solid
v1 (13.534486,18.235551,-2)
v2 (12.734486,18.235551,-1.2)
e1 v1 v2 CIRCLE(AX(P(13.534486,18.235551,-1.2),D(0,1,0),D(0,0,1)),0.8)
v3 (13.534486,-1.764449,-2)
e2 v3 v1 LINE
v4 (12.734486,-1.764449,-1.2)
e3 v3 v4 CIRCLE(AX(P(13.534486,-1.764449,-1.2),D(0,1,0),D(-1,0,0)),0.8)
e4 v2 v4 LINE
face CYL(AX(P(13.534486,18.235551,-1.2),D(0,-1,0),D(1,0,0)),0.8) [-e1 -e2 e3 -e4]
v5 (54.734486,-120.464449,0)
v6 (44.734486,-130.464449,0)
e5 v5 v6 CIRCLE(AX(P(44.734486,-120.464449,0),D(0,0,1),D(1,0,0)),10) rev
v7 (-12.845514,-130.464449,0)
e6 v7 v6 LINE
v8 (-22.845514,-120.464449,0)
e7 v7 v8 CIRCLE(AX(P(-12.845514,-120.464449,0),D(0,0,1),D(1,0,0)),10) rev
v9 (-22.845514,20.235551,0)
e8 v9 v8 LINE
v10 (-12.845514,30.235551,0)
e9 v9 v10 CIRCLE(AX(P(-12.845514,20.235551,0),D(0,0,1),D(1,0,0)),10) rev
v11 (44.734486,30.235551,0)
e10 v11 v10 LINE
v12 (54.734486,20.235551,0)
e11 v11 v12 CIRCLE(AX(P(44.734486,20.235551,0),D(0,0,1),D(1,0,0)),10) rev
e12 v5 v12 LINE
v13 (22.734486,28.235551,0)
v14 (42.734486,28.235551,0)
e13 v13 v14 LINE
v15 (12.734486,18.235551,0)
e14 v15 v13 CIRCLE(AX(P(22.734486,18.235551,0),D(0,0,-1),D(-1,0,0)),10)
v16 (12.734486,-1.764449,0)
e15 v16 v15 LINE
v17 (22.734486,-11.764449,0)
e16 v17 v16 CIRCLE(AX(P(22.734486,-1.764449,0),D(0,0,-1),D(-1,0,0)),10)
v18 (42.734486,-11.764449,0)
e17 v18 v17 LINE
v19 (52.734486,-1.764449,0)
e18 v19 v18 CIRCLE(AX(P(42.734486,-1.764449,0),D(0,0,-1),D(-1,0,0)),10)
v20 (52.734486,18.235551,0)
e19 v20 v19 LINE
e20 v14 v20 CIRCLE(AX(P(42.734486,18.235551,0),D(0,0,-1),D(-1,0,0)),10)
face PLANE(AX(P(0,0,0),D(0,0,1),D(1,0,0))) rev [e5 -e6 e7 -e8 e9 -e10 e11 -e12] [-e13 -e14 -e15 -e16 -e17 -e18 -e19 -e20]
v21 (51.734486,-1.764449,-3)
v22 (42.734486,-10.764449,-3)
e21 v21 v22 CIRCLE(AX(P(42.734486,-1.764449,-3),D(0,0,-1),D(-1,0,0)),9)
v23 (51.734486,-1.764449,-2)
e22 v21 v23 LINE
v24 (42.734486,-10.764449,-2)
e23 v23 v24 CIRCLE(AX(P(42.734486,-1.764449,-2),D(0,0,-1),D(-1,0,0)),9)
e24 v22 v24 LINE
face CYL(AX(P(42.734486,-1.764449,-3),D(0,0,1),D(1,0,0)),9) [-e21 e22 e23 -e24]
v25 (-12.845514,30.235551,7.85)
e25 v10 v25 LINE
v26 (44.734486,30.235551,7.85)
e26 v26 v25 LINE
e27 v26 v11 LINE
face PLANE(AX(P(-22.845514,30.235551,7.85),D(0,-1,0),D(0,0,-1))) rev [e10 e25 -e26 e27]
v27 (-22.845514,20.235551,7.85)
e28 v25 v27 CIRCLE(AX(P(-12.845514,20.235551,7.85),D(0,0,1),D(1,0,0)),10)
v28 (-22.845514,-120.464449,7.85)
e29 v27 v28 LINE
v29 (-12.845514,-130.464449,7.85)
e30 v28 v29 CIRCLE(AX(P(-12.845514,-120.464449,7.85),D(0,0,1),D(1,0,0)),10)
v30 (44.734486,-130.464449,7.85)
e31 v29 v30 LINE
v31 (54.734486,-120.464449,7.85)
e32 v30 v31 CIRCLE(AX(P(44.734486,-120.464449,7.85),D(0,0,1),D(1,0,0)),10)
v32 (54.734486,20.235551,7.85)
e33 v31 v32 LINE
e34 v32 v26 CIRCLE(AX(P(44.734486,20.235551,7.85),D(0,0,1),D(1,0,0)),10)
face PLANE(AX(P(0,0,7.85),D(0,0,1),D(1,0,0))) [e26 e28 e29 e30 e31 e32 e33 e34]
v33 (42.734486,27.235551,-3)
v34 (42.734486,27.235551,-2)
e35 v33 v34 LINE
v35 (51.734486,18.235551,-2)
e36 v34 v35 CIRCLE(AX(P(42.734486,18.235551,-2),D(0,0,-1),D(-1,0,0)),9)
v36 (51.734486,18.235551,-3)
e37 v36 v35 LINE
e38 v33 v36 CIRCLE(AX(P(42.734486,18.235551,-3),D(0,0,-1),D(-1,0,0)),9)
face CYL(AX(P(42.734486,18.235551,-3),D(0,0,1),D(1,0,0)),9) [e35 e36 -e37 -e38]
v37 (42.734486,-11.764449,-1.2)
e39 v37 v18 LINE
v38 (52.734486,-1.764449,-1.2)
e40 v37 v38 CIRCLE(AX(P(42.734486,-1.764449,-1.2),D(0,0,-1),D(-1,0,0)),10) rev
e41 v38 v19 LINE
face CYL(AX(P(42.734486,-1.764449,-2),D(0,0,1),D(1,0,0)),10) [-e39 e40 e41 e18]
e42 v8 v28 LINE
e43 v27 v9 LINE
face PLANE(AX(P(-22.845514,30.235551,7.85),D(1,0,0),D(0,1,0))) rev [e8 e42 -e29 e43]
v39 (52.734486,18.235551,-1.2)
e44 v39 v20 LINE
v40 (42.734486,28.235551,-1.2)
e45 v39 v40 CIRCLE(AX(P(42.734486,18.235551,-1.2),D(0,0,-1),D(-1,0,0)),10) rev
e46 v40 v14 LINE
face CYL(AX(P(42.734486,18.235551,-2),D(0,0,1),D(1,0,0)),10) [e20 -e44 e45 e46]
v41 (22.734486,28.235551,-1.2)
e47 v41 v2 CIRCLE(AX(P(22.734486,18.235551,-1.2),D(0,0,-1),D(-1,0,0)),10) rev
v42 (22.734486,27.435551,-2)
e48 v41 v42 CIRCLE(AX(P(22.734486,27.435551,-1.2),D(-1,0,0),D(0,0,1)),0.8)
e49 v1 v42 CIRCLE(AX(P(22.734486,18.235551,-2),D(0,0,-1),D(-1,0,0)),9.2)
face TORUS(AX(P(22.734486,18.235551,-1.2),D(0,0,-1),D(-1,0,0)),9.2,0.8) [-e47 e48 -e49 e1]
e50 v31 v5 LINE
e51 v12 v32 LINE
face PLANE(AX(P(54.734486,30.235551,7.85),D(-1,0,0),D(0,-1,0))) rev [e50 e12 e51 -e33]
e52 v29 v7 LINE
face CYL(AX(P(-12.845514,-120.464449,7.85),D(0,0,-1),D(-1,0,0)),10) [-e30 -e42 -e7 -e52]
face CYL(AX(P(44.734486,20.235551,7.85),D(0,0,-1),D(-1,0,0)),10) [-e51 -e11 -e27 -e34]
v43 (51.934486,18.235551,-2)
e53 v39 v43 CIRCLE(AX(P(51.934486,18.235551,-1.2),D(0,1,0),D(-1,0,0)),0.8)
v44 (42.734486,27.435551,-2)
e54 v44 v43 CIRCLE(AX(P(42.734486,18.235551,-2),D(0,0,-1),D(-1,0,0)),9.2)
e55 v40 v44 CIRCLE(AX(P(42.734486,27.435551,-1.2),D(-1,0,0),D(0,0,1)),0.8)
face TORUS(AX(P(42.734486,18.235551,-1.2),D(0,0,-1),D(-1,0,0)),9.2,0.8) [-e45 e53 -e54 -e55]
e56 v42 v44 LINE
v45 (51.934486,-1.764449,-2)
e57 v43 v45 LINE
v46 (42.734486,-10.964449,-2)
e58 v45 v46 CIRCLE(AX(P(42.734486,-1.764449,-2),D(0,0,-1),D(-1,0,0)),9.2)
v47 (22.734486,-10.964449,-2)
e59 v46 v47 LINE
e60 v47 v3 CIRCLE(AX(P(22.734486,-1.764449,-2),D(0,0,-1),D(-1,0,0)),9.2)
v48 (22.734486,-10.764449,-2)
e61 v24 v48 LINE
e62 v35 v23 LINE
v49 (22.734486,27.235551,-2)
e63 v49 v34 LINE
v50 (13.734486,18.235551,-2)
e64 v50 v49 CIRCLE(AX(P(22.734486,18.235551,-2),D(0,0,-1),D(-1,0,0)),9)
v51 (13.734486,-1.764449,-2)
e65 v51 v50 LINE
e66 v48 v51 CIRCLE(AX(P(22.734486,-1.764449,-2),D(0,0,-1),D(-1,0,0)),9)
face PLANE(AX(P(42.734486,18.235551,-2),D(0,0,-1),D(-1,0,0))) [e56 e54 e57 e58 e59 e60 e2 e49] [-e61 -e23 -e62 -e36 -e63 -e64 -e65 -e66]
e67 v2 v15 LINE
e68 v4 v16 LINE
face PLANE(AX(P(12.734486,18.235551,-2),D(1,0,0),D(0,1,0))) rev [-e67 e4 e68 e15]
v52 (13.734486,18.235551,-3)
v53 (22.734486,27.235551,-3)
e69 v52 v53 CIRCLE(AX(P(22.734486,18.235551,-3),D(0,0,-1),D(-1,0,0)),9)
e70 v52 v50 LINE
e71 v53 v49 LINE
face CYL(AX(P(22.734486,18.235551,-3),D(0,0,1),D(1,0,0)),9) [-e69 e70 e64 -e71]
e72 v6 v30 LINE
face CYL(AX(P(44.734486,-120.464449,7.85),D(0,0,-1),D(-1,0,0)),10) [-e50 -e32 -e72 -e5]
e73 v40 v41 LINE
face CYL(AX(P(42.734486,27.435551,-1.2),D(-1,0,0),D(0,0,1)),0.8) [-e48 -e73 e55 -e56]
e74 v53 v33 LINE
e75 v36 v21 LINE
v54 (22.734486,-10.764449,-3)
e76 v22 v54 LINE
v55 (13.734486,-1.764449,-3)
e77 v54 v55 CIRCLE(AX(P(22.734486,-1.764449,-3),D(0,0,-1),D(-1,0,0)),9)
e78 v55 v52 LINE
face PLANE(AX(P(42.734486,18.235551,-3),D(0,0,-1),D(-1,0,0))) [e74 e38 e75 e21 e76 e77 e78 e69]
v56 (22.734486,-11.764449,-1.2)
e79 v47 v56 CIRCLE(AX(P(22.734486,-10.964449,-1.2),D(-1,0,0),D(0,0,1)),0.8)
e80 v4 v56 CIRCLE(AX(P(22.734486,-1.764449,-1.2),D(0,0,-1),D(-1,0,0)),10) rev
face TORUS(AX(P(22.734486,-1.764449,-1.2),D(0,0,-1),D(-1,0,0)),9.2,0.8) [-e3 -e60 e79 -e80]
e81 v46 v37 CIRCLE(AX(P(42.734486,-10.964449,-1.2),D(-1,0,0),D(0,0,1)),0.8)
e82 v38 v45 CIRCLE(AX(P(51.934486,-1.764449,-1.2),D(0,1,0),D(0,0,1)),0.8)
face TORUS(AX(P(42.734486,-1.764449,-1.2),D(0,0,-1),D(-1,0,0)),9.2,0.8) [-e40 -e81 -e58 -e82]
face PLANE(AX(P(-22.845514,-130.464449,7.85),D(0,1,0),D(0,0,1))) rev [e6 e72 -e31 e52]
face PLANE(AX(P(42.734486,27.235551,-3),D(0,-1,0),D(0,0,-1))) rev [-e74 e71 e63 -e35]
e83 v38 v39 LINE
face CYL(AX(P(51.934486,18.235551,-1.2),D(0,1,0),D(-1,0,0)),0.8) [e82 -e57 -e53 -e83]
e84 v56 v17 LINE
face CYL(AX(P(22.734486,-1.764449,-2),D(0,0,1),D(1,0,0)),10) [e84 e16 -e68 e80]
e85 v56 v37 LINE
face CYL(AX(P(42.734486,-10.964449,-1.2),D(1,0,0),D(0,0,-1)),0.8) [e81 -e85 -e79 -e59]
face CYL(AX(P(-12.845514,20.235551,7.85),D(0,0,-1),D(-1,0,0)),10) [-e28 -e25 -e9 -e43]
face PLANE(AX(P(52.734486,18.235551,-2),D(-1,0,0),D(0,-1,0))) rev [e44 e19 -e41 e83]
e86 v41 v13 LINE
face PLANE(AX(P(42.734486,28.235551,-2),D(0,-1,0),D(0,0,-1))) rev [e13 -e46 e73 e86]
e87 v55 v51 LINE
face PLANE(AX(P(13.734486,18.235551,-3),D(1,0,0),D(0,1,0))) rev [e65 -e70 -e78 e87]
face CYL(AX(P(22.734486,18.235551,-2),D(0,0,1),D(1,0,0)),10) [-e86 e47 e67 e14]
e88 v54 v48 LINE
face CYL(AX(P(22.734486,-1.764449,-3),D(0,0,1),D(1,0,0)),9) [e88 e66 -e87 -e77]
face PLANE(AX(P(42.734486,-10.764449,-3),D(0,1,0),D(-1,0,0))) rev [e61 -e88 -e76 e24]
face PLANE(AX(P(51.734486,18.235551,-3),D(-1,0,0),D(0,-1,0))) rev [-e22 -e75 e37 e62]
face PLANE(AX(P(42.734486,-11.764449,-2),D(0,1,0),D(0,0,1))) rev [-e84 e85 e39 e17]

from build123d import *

# Parameters (mm, degrees)
IZIM1_W                     = 77.58
IZIM1_H                     = 160.7
Y_KSEKLIK_EKSTR_ZYON1_DEPTH = 7.85
RADYUS1_R                   = 10
Y_KSEKLIK_EKSTR_ZYON2_DEPTH = 2
Y_KSEKLIK_EKSTR_ZYON3_DEPTH = 1
RADYUS3_R                   = 0.8


with BuildPart() as part:
    # Çizim1 → Yükseklik-Ekstrüzyon1 (new body)
    with BuildSketch(Plane.XY):
        with Locations((15.94448574, -50.114448669)):
            Rectangle(IZIM1_W, IZIM1_H)
    extrude(amount=Y_KSEKLIK_EKSTR_ZYON1_DEPTH)

    # Radyus1
    radyus1_edges = [part.edges().sort_by_distance(p)[0] for p in [
        (-22.84551426, 30.235551331, 3.925),
        (54.73448574, 30.235551331, 3.925),
        (54.73448574, -130.464448669, 3.925),
        (-22.84551426, -130.464448669, 3.925),
    ]]
    fillet(radyus1_edges, radius=RADYUS1_R)

    # Çizim3 → Yükseklik-Ekstrüzyon2 (add)
    with BuildSketch(Plane(origin=(0, 0, 0), x_dir=(-1, 0, 0), z_dir=(0, 0, -1))):
        with BuildLine():
            Line((-42.73448574, 28.235551331), (-22.73448574, 28.235551331))
            ThreePointArc((-22.73448574, 28.235551331), (-15.663417928, 25.306619143), (-12.73448574, 18.235551331))
            Line((-12.73448574, 18.235551331), (-12.73448574, -1.764448669))
            ThreePointArc((-12.73448574, -1.764448669), (-15.663417928, -8.835516481), (-22.73448574, -11.764448669))
            Line((-22.73448574, -11.764448669), (-42.73448574, -11.764448669))
            ThreePointArc((-42.73448574, -11.764448669), (-49.805553552, -8.835516481), (-52.73448574, -1.764448669))
            Line((-52.73448574, -1.764448669), (-52.73448574, 18.235551331))
            ThreePointArc((-52.73448574, 18.235551331), (-49.805553552, 25.306619143), (-42.73448574, 28.235551331))
        make_face()
    extrude(amount=Y_KSEKLIK_EKSTR_ZYON2_DEPTH)

    # Çizim7 → Yükseklik-Ekstrüzyon3 (add)
    with BuildSketch(Plane(origin=(0, 0, -2), x_dir=(-1, 0, 0), z_dir=(0, 0, -1))):
        with BuildLine():
            Line((-42.73448574, 27.235551331), (-22.73448574, 27.235551331))
            ThreePointArc((-22.73448574, 27.235551331), (-16.370524709, 24.599512361), (-13.73448574, 18.235551331))
            Line((-13.73448574, 18.235551331), (-13.73448574, -1.764448669))
            ThreePointArc((-13.73448574, -1.764448669), (-16.370524709, -8.1284097), (-22.73448574, -10.764448669))
            Line((-22.73448574, -10.764448669), (-42.73448574, -10.764448669))
            ThreePointArc((-42.73448574, -10.764448669), (-49.098446771, -8.1284097), (-51.73448574, -1.764448669))
            Line((-51.73448574, -1.764448669), (-51.73448574, 18.235551331))
            ThreePointArc((-51.73448574, 18.235551331), (-49.098446771, 24.599512361), (-42.73448574, 27.235551331))
        make_face()
    extrude(amount=Y_KSEKLIK_EKSTR_ZYON3_DEPTH)

    # Radyus3
    radyus3_edges = [part.edges().sort_by_distance(p)[0] for p in [
        (49.805553552, 25.306619143, -2),
        (52.73448574, 8.235551331, -2),
        (49.805553552, -8.835516481, -2),
        (32.73448574, -11.764448669, -2),
        (15.663417928, -8.835516481, -2),
        (12.73448574, 8.235551331, -2),
        (15.663417928, 25.306619143, -2),
        (32.73448574, 28.235551331, -2),
    ]]
    fillet(radyus3_edges, radius=RADYUS3_R)


solid = part.part
